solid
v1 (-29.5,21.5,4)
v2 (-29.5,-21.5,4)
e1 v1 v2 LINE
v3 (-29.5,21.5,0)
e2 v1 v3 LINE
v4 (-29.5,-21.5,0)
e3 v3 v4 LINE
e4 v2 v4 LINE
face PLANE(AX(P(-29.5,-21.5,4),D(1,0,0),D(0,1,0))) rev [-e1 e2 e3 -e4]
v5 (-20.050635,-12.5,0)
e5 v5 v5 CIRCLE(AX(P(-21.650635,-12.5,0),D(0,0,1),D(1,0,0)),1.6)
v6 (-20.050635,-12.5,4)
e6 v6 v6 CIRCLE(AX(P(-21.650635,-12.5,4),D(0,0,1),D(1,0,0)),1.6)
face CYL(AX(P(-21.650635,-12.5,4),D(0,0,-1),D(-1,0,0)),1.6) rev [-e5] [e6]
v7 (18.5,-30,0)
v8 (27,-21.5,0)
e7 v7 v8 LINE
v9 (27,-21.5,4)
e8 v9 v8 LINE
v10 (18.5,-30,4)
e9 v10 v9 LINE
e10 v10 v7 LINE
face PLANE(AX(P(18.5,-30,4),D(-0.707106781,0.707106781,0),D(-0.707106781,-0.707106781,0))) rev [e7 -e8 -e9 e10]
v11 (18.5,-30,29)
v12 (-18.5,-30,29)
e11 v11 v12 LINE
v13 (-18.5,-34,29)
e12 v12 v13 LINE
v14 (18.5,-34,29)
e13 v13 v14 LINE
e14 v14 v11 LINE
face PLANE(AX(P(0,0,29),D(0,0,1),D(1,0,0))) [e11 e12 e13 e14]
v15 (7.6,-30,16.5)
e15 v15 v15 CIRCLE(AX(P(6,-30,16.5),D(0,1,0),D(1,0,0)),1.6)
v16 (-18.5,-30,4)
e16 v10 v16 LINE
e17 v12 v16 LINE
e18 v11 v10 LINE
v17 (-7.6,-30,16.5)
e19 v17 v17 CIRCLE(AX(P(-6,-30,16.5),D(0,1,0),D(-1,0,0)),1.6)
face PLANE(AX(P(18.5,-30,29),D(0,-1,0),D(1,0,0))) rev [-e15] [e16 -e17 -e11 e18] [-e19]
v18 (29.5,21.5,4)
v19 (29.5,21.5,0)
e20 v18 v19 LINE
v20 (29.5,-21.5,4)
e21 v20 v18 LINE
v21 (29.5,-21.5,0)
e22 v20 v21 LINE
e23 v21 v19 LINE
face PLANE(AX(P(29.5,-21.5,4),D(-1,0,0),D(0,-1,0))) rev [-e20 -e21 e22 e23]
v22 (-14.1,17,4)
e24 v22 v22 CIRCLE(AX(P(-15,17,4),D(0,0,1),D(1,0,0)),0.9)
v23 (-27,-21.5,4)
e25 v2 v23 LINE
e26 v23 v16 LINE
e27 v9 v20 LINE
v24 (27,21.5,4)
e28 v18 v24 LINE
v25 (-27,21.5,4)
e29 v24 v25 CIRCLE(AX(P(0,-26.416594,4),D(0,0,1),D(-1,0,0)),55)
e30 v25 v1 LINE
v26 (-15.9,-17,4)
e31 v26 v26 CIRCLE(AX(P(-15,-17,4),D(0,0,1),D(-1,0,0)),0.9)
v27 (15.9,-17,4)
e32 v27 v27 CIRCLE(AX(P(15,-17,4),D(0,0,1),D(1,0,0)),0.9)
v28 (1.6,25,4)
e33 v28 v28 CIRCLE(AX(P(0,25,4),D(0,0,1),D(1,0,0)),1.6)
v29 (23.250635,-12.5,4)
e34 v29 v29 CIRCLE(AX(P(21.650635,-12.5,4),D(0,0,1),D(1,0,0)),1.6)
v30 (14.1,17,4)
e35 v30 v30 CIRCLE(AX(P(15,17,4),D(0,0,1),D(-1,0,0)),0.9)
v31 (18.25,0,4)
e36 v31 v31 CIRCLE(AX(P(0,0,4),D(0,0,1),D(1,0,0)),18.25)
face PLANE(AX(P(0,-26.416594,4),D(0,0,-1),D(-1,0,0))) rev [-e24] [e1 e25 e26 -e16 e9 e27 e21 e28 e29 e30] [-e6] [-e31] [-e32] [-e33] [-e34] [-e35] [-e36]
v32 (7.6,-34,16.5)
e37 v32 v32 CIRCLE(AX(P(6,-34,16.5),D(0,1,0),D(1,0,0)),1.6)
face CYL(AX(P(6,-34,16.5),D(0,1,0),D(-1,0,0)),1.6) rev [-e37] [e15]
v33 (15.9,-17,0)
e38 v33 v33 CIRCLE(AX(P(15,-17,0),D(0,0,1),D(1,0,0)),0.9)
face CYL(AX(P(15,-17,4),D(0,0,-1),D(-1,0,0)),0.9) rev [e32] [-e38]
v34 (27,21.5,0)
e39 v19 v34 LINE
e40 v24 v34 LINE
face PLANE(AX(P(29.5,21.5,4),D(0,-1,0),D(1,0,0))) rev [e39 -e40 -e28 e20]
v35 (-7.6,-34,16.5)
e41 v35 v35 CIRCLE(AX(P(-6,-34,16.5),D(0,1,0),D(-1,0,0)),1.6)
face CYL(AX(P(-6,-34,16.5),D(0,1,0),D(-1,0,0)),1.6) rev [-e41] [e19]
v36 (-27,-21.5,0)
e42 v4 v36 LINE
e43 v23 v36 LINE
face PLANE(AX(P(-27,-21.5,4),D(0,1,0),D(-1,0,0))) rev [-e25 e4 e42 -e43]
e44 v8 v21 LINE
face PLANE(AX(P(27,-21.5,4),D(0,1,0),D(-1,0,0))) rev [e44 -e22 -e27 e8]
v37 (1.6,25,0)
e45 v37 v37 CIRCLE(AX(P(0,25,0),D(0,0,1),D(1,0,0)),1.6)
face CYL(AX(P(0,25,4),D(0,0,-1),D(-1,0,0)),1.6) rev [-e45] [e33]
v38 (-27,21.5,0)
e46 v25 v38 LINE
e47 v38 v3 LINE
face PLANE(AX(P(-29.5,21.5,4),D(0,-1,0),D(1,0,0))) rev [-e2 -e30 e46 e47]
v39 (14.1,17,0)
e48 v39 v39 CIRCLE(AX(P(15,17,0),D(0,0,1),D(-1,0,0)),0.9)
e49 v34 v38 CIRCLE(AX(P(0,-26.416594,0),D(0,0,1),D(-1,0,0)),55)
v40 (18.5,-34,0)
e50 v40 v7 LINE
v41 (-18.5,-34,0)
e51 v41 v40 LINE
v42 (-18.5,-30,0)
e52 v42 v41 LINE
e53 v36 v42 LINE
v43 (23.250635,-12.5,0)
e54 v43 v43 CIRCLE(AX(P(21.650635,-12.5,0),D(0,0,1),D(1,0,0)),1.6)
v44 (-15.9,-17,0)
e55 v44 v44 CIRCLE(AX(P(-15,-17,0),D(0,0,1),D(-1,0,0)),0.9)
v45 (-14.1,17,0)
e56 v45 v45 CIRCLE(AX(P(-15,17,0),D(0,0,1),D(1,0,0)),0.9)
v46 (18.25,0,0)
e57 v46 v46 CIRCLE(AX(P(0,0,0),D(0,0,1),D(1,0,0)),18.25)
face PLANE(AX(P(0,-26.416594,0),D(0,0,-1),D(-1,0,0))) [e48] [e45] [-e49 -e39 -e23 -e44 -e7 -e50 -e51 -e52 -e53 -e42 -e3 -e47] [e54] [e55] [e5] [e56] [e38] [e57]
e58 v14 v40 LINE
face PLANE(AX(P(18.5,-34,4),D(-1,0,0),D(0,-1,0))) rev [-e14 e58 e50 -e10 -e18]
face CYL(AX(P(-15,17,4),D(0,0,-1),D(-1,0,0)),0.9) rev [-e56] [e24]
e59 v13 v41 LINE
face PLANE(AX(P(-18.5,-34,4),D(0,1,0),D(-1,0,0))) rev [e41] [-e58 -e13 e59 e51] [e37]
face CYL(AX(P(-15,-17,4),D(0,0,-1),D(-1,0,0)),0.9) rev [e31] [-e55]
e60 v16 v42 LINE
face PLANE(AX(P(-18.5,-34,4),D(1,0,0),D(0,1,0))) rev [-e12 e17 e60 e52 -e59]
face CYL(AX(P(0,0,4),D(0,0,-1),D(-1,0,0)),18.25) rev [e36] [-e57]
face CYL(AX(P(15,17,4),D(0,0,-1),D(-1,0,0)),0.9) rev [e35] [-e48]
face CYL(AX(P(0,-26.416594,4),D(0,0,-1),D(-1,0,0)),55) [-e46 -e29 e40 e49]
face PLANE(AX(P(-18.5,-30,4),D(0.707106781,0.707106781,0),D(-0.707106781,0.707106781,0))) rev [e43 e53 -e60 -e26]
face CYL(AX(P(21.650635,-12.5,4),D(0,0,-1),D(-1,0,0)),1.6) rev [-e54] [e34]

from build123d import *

# Parameters (mm, degrees)
SKETCH_1_R          = 18.25
SKETCH_1_R_2        = 1.6
SKETCH_1_R_3        = 0.9
EXTRUDE_1_DEPTH     = 4
SKETCH_2_W          = 37
SKETCH_2_H          = 4
EXTRUDE_2_DEPTH     = 25
SKETCH_3_R          = 1.6
CUT_EXTRUDE_1_DEPTH = 72.716563183


with BuildPart() as part:
    # 草图1 → 凸台-拉伸1 (new body)
    with BuildSketch(Plane.XY):
        with BuildLine():
            Line((-18.5, -34), (18.5, -34))
            Line((18.5, -34), (18.5, -30))
            Line((18.5, -30), (27, -21.5))
            Line((27, -21.5), (29.5, -21.5))
            Line((29.5, -21.5), (29.5, 21.5))
            Line((29.5, 21.5), (27, 21.5))
            ThreePointArc((27, 21.5), (0, 28.583405797), (-27, 21.5))
            Line((-27, 21.5), (-29.5, 21.5))
            Line((-29.5, 21.5), (-29.5, -21.5))
            Line((-29.5, -21.5), (-27, -21.5))
            Line((-27, -21.5), (-18.5, -30))
            Line((-18.5, -30), (-18.5, -34))
        make_face()
        Circle(SKETCH_1_R, mode=Mode.SUBTRACT)
        with Locations((0, 25)):
            Circle(SKETCH_1_R_2, mode=Mode.SUBTRACT)
        with Locations((21.650635095, -12.5)):
            Circle(SKETCH_1_R_2, mode=Mode.SUBTRACT)
        with Locations((-21.650635095, -12.5)):
            Circle(SKETCH_1_R_2, mode=Mode.SUBTRACT)
        with Locations((-15, 17)):
            Circle(SKETCH_1_R_3, mode=Mode.SUBTRACT)
        with Locations(Location((15, 17, 0), (0, 0, 180))):
            Circle(SKETCH_1_R_3, mode=Mode.SUBTRACT)
        with Locations((15, -17)):
            Circle(SKETCH_1_R_3, mode=Mode.SUBTRACT)
        with Locations(Location((-15, -17, 0), (0, 0, 180))):
            Circle(SKETCH_1_R_3, mode=Mode.SUBTRACT)
    extrude(amount=EXTRUDE_1_DEPTH)

    # 草图2 → 凸台-拉伸2 (add)
    with BuildSketch(Plane.XY.offset(4)):
        with Locations((0, -32)):
            Rectangle(SKETCH_2_W, SKETCH_2_H)
    extrude(amount=EXTRUDE_2_DEPTH)

    # 草图3 → 切除-拉伸1 (cut, through all)
    with BuildSketch(Plane(origin=(0, -30, 0), x_dir=(1, 0, 0), z_dir=(0, 1, 0))):
        with Locations(Location((-6, -16.5, 0), (0, 0, 180))):
            Circle(SKETCH_3_R)
        with Locations((6, -16.5)):
            Circle(SKETCH_3_R)
    extrude(amount=-CUT_EXTRUDE_1_DEPTH, mode=Mode.SUBTRACT)


solid = part.part
